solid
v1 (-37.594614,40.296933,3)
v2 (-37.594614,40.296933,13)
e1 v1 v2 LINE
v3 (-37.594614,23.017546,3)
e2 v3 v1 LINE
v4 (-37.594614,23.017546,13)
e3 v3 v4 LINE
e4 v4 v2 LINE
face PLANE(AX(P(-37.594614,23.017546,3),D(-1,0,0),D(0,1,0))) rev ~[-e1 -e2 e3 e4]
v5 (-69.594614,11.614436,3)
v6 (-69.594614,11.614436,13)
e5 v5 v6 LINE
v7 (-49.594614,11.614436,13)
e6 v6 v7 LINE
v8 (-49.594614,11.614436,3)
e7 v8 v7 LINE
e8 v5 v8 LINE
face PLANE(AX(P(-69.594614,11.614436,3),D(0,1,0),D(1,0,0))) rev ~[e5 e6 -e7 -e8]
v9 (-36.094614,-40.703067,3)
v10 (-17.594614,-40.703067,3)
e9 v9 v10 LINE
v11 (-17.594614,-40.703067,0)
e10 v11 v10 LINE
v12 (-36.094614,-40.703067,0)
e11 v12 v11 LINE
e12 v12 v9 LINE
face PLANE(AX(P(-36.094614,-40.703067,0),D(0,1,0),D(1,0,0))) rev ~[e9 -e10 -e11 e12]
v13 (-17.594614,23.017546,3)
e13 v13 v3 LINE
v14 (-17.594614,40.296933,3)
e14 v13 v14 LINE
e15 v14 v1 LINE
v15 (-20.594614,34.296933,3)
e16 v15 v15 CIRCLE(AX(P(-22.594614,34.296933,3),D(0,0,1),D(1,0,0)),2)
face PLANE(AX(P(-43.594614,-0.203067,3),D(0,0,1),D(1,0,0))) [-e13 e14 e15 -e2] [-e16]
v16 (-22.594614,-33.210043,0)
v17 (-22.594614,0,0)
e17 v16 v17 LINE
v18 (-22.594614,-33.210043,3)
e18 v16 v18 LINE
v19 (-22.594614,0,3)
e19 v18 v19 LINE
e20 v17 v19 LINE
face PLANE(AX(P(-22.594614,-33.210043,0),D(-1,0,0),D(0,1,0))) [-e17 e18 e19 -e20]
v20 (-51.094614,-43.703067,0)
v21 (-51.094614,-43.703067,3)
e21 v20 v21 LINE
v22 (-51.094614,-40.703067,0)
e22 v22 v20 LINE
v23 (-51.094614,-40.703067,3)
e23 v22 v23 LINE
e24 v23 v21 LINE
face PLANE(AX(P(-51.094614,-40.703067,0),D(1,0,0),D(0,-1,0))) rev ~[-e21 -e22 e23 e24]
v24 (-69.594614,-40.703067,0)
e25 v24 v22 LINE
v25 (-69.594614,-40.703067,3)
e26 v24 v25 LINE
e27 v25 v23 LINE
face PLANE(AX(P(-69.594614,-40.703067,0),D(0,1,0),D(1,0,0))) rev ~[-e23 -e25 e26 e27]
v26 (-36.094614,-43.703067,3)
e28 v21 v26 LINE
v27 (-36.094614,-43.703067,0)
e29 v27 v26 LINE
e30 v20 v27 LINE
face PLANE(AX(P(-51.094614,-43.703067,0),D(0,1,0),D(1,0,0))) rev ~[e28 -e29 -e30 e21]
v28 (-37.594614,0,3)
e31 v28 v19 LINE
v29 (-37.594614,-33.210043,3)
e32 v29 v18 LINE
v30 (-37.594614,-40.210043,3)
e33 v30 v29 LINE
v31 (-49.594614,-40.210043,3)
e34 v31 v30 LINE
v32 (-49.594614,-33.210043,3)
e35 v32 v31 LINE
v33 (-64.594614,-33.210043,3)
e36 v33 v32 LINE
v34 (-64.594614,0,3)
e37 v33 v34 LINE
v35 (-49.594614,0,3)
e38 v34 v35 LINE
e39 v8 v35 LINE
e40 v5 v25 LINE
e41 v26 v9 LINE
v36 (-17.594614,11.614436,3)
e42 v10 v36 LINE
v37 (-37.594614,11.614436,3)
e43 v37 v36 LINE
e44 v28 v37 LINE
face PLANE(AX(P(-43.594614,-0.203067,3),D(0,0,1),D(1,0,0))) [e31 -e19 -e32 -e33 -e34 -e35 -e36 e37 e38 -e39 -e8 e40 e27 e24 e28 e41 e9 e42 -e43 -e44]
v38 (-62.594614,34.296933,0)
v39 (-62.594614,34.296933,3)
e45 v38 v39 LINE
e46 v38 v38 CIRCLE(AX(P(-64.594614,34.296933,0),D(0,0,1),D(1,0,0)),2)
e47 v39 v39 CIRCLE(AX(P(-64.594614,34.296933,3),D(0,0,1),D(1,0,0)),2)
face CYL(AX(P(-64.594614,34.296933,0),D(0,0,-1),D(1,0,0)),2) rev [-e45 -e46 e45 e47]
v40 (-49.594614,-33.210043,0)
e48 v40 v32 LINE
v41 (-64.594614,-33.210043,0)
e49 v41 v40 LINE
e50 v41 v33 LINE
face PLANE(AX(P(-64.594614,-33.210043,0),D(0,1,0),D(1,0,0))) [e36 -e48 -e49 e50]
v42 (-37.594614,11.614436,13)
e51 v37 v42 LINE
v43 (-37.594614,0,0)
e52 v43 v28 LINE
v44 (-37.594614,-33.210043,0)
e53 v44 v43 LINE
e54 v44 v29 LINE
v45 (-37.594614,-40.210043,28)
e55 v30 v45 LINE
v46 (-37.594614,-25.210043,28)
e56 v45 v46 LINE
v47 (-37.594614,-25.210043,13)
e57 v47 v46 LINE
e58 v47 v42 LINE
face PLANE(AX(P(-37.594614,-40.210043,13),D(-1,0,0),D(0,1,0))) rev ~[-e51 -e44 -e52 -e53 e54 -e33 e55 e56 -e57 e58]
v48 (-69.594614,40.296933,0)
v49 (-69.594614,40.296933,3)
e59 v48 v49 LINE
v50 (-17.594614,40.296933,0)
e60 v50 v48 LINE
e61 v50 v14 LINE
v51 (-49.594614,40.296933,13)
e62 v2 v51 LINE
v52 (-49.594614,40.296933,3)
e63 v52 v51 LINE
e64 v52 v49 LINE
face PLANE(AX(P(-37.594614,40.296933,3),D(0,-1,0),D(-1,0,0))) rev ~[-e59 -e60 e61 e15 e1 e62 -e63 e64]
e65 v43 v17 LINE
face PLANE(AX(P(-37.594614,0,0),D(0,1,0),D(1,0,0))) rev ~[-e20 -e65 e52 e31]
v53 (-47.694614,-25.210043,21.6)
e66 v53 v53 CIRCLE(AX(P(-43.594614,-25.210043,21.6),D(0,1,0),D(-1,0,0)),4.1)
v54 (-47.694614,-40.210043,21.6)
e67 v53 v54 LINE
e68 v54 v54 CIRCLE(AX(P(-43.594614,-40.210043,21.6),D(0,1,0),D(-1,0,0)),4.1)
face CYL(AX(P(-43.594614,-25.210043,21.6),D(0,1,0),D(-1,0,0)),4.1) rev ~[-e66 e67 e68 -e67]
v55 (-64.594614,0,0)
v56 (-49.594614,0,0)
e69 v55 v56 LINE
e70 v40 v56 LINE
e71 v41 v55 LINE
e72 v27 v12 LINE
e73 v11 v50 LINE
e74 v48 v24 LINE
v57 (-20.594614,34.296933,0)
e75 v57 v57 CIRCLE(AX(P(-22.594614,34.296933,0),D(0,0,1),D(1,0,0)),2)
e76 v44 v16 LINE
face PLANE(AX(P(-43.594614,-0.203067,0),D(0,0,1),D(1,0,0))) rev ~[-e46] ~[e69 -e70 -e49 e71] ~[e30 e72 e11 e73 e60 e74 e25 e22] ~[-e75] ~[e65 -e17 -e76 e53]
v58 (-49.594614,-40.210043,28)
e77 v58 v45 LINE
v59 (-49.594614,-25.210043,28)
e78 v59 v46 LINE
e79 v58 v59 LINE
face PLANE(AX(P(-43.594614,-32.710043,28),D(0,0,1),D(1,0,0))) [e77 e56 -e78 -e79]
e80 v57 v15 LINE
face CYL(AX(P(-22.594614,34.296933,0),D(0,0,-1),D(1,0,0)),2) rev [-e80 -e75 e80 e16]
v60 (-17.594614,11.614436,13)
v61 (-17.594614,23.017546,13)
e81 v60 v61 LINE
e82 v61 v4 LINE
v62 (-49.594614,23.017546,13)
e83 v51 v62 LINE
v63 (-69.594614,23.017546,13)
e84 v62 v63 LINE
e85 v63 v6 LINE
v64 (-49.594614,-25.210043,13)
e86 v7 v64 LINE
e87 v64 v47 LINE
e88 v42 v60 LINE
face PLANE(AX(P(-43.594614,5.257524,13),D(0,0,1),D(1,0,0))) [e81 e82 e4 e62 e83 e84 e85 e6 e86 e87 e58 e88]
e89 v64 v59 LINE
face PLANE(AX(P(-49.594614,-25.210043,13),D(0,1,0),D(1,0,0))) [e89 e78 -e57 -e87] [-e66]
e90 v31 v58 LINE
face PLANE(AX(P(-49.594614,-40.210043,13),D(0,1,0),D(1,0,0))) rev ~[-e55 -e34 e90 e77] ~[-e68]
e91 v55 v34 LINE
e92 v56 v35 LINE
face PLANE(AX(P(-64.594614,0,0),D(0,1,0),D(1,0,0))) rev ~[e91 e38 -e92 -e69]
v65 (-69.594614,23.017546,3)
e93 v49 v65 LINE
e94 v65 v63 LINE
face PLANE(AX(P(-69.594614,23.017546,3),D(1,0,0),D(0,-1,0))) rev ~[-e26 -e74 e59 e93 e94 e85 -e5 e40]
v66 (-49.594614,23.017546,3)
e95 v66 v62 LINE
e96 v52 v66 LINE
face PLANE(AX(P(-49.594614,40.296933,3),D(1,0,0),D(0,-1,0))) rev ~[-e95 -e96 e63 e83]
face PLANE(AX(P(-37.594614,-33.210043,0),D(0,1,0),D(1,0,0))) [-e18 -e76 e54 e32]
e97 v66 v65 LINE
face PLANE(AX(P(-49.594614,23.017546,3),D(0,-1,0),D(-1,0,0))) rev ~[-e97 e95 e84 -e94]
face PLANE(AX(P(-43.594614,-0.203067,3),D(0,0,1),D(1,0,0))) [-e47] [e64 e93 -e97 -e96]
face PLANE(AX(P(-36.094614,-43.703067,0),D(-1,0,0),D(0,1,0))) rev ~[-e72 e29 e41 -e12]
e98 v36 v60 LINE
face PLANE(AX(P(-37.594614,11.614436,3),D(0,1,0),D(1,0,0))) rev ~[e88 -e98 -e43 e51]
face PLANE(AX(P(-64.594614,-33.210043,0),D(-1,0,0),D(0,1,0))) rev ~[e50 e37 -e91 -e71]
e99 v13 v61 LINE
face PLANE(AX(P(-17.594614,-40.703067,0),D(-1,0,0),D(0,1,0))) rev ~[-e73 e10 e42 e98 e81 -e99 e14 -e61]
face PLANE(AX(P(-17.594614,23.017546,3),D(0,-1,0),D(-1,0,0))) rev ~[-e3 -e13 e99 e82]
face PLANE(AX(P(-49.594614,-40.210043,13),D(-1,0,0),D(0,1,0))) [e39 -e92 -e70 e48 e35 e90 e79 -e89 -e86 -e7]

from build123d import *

# Parameters (mm, degrees)
F0_W     = 15
F0_H     = 33.2100428641
F0_W_2   = 15.0000001043
F0_R     = 2
F1_DEPTH = 3
F3_DEPTH = 10
F4_W     = 12
F4_H     = 15
F5_DEPTH = 15
F6_R     = 4.1
F7_DEPTH = 25


with BuildPart() as f1:
    # F0 (on Top) → F1 (new body)
    with BuildSketch(Plane.XY):
        Polygon((-36.0946140587, -40.7030668556), (-17.5946140587, -40.7030668556), (-17.5946140587, 40.2969331444), (-69.5946140587, 40.2969331444), (-69.5946140587, -40.7030668556), (-51.0946140587, -40.7030668556), align=None)
        with Locations((-57.0946140587, -16.605021432)):
            Rectangle(F0_W, F0_H, mode=Mode.SUBTRACT)
        with Locations((-30.0946140066, -16.605021432)):
            Rectangle(F0_W_2, F0_H, mode=Mode.SUBTRACT)
        with Locations((-64.5946140587, 34.2969331444)):
            Circle(F0_R, mode=Mode.SUBTRACT)
        with Locations((-22.5946139544, 34.2969331444)):
            Circle(F0_R, mode=Mode.SUBTRACT)
        Polygon((-36.0946140587, -43.7030668556), (-36.0946140587, -40.7030668556), (-51.0946140587, -40.7030668556), (-51.0946140587, -43.7030668556), (-43.5946140587, -43.7030668556), align=None)
    extrude(amount=F1_DEPTH)

    # F2 (on face) → F3 (join)
    with BuildSketch(Plane.XY.offset(3)):
        Polygon((-49.5946140587, 11.6144362837), (-49.5946140587, 0), (-49.5946140587, -33.2100428641), (-49.5946140587, -40.2100428641), (-37.5946140587, -40.2100428641), (-37.5946140587, -33.2100428641), (-37.5946140587, 0), (-37.5946140587, 11.6144362837), (-17.5946140587, 11.6144362837), (-17.5946140587, 23.017546162), (-37.5946140587, 23.017546162), (-37.5946140587, 40.2969331444), (-49.5946140587, 40.2969331444), (-49.5946140587, 23.017546162), (-69.5946140587, 23.017546162), (-69.5946140587, 11.6144362837), align=None)
    extrude(amount=F3_DEPTH)

    # F4 (on face) → F5 (join)
    with BuildSketch(Plane.XY.offset(13)):
        with Locations((-43.5946140587, -32.7100428641)):
            Rectangle(F4_W, F4_H)
    extrude(amount=F5_DEPTH)

    # F6 (on face) → F7 (cut)
    with BuildSketch(Plane(origin=(0, -25.2100428641, 0), x_dir=(-1, 0, 0), z_dir=(0, 1, 0))):
        with Locations((43.5946140587, 21.6)):
            Circle(F6_R)
    extrude(amount=-F7_DEPTH, mode=Mode.SUBTRACT)


solid = f1.part
